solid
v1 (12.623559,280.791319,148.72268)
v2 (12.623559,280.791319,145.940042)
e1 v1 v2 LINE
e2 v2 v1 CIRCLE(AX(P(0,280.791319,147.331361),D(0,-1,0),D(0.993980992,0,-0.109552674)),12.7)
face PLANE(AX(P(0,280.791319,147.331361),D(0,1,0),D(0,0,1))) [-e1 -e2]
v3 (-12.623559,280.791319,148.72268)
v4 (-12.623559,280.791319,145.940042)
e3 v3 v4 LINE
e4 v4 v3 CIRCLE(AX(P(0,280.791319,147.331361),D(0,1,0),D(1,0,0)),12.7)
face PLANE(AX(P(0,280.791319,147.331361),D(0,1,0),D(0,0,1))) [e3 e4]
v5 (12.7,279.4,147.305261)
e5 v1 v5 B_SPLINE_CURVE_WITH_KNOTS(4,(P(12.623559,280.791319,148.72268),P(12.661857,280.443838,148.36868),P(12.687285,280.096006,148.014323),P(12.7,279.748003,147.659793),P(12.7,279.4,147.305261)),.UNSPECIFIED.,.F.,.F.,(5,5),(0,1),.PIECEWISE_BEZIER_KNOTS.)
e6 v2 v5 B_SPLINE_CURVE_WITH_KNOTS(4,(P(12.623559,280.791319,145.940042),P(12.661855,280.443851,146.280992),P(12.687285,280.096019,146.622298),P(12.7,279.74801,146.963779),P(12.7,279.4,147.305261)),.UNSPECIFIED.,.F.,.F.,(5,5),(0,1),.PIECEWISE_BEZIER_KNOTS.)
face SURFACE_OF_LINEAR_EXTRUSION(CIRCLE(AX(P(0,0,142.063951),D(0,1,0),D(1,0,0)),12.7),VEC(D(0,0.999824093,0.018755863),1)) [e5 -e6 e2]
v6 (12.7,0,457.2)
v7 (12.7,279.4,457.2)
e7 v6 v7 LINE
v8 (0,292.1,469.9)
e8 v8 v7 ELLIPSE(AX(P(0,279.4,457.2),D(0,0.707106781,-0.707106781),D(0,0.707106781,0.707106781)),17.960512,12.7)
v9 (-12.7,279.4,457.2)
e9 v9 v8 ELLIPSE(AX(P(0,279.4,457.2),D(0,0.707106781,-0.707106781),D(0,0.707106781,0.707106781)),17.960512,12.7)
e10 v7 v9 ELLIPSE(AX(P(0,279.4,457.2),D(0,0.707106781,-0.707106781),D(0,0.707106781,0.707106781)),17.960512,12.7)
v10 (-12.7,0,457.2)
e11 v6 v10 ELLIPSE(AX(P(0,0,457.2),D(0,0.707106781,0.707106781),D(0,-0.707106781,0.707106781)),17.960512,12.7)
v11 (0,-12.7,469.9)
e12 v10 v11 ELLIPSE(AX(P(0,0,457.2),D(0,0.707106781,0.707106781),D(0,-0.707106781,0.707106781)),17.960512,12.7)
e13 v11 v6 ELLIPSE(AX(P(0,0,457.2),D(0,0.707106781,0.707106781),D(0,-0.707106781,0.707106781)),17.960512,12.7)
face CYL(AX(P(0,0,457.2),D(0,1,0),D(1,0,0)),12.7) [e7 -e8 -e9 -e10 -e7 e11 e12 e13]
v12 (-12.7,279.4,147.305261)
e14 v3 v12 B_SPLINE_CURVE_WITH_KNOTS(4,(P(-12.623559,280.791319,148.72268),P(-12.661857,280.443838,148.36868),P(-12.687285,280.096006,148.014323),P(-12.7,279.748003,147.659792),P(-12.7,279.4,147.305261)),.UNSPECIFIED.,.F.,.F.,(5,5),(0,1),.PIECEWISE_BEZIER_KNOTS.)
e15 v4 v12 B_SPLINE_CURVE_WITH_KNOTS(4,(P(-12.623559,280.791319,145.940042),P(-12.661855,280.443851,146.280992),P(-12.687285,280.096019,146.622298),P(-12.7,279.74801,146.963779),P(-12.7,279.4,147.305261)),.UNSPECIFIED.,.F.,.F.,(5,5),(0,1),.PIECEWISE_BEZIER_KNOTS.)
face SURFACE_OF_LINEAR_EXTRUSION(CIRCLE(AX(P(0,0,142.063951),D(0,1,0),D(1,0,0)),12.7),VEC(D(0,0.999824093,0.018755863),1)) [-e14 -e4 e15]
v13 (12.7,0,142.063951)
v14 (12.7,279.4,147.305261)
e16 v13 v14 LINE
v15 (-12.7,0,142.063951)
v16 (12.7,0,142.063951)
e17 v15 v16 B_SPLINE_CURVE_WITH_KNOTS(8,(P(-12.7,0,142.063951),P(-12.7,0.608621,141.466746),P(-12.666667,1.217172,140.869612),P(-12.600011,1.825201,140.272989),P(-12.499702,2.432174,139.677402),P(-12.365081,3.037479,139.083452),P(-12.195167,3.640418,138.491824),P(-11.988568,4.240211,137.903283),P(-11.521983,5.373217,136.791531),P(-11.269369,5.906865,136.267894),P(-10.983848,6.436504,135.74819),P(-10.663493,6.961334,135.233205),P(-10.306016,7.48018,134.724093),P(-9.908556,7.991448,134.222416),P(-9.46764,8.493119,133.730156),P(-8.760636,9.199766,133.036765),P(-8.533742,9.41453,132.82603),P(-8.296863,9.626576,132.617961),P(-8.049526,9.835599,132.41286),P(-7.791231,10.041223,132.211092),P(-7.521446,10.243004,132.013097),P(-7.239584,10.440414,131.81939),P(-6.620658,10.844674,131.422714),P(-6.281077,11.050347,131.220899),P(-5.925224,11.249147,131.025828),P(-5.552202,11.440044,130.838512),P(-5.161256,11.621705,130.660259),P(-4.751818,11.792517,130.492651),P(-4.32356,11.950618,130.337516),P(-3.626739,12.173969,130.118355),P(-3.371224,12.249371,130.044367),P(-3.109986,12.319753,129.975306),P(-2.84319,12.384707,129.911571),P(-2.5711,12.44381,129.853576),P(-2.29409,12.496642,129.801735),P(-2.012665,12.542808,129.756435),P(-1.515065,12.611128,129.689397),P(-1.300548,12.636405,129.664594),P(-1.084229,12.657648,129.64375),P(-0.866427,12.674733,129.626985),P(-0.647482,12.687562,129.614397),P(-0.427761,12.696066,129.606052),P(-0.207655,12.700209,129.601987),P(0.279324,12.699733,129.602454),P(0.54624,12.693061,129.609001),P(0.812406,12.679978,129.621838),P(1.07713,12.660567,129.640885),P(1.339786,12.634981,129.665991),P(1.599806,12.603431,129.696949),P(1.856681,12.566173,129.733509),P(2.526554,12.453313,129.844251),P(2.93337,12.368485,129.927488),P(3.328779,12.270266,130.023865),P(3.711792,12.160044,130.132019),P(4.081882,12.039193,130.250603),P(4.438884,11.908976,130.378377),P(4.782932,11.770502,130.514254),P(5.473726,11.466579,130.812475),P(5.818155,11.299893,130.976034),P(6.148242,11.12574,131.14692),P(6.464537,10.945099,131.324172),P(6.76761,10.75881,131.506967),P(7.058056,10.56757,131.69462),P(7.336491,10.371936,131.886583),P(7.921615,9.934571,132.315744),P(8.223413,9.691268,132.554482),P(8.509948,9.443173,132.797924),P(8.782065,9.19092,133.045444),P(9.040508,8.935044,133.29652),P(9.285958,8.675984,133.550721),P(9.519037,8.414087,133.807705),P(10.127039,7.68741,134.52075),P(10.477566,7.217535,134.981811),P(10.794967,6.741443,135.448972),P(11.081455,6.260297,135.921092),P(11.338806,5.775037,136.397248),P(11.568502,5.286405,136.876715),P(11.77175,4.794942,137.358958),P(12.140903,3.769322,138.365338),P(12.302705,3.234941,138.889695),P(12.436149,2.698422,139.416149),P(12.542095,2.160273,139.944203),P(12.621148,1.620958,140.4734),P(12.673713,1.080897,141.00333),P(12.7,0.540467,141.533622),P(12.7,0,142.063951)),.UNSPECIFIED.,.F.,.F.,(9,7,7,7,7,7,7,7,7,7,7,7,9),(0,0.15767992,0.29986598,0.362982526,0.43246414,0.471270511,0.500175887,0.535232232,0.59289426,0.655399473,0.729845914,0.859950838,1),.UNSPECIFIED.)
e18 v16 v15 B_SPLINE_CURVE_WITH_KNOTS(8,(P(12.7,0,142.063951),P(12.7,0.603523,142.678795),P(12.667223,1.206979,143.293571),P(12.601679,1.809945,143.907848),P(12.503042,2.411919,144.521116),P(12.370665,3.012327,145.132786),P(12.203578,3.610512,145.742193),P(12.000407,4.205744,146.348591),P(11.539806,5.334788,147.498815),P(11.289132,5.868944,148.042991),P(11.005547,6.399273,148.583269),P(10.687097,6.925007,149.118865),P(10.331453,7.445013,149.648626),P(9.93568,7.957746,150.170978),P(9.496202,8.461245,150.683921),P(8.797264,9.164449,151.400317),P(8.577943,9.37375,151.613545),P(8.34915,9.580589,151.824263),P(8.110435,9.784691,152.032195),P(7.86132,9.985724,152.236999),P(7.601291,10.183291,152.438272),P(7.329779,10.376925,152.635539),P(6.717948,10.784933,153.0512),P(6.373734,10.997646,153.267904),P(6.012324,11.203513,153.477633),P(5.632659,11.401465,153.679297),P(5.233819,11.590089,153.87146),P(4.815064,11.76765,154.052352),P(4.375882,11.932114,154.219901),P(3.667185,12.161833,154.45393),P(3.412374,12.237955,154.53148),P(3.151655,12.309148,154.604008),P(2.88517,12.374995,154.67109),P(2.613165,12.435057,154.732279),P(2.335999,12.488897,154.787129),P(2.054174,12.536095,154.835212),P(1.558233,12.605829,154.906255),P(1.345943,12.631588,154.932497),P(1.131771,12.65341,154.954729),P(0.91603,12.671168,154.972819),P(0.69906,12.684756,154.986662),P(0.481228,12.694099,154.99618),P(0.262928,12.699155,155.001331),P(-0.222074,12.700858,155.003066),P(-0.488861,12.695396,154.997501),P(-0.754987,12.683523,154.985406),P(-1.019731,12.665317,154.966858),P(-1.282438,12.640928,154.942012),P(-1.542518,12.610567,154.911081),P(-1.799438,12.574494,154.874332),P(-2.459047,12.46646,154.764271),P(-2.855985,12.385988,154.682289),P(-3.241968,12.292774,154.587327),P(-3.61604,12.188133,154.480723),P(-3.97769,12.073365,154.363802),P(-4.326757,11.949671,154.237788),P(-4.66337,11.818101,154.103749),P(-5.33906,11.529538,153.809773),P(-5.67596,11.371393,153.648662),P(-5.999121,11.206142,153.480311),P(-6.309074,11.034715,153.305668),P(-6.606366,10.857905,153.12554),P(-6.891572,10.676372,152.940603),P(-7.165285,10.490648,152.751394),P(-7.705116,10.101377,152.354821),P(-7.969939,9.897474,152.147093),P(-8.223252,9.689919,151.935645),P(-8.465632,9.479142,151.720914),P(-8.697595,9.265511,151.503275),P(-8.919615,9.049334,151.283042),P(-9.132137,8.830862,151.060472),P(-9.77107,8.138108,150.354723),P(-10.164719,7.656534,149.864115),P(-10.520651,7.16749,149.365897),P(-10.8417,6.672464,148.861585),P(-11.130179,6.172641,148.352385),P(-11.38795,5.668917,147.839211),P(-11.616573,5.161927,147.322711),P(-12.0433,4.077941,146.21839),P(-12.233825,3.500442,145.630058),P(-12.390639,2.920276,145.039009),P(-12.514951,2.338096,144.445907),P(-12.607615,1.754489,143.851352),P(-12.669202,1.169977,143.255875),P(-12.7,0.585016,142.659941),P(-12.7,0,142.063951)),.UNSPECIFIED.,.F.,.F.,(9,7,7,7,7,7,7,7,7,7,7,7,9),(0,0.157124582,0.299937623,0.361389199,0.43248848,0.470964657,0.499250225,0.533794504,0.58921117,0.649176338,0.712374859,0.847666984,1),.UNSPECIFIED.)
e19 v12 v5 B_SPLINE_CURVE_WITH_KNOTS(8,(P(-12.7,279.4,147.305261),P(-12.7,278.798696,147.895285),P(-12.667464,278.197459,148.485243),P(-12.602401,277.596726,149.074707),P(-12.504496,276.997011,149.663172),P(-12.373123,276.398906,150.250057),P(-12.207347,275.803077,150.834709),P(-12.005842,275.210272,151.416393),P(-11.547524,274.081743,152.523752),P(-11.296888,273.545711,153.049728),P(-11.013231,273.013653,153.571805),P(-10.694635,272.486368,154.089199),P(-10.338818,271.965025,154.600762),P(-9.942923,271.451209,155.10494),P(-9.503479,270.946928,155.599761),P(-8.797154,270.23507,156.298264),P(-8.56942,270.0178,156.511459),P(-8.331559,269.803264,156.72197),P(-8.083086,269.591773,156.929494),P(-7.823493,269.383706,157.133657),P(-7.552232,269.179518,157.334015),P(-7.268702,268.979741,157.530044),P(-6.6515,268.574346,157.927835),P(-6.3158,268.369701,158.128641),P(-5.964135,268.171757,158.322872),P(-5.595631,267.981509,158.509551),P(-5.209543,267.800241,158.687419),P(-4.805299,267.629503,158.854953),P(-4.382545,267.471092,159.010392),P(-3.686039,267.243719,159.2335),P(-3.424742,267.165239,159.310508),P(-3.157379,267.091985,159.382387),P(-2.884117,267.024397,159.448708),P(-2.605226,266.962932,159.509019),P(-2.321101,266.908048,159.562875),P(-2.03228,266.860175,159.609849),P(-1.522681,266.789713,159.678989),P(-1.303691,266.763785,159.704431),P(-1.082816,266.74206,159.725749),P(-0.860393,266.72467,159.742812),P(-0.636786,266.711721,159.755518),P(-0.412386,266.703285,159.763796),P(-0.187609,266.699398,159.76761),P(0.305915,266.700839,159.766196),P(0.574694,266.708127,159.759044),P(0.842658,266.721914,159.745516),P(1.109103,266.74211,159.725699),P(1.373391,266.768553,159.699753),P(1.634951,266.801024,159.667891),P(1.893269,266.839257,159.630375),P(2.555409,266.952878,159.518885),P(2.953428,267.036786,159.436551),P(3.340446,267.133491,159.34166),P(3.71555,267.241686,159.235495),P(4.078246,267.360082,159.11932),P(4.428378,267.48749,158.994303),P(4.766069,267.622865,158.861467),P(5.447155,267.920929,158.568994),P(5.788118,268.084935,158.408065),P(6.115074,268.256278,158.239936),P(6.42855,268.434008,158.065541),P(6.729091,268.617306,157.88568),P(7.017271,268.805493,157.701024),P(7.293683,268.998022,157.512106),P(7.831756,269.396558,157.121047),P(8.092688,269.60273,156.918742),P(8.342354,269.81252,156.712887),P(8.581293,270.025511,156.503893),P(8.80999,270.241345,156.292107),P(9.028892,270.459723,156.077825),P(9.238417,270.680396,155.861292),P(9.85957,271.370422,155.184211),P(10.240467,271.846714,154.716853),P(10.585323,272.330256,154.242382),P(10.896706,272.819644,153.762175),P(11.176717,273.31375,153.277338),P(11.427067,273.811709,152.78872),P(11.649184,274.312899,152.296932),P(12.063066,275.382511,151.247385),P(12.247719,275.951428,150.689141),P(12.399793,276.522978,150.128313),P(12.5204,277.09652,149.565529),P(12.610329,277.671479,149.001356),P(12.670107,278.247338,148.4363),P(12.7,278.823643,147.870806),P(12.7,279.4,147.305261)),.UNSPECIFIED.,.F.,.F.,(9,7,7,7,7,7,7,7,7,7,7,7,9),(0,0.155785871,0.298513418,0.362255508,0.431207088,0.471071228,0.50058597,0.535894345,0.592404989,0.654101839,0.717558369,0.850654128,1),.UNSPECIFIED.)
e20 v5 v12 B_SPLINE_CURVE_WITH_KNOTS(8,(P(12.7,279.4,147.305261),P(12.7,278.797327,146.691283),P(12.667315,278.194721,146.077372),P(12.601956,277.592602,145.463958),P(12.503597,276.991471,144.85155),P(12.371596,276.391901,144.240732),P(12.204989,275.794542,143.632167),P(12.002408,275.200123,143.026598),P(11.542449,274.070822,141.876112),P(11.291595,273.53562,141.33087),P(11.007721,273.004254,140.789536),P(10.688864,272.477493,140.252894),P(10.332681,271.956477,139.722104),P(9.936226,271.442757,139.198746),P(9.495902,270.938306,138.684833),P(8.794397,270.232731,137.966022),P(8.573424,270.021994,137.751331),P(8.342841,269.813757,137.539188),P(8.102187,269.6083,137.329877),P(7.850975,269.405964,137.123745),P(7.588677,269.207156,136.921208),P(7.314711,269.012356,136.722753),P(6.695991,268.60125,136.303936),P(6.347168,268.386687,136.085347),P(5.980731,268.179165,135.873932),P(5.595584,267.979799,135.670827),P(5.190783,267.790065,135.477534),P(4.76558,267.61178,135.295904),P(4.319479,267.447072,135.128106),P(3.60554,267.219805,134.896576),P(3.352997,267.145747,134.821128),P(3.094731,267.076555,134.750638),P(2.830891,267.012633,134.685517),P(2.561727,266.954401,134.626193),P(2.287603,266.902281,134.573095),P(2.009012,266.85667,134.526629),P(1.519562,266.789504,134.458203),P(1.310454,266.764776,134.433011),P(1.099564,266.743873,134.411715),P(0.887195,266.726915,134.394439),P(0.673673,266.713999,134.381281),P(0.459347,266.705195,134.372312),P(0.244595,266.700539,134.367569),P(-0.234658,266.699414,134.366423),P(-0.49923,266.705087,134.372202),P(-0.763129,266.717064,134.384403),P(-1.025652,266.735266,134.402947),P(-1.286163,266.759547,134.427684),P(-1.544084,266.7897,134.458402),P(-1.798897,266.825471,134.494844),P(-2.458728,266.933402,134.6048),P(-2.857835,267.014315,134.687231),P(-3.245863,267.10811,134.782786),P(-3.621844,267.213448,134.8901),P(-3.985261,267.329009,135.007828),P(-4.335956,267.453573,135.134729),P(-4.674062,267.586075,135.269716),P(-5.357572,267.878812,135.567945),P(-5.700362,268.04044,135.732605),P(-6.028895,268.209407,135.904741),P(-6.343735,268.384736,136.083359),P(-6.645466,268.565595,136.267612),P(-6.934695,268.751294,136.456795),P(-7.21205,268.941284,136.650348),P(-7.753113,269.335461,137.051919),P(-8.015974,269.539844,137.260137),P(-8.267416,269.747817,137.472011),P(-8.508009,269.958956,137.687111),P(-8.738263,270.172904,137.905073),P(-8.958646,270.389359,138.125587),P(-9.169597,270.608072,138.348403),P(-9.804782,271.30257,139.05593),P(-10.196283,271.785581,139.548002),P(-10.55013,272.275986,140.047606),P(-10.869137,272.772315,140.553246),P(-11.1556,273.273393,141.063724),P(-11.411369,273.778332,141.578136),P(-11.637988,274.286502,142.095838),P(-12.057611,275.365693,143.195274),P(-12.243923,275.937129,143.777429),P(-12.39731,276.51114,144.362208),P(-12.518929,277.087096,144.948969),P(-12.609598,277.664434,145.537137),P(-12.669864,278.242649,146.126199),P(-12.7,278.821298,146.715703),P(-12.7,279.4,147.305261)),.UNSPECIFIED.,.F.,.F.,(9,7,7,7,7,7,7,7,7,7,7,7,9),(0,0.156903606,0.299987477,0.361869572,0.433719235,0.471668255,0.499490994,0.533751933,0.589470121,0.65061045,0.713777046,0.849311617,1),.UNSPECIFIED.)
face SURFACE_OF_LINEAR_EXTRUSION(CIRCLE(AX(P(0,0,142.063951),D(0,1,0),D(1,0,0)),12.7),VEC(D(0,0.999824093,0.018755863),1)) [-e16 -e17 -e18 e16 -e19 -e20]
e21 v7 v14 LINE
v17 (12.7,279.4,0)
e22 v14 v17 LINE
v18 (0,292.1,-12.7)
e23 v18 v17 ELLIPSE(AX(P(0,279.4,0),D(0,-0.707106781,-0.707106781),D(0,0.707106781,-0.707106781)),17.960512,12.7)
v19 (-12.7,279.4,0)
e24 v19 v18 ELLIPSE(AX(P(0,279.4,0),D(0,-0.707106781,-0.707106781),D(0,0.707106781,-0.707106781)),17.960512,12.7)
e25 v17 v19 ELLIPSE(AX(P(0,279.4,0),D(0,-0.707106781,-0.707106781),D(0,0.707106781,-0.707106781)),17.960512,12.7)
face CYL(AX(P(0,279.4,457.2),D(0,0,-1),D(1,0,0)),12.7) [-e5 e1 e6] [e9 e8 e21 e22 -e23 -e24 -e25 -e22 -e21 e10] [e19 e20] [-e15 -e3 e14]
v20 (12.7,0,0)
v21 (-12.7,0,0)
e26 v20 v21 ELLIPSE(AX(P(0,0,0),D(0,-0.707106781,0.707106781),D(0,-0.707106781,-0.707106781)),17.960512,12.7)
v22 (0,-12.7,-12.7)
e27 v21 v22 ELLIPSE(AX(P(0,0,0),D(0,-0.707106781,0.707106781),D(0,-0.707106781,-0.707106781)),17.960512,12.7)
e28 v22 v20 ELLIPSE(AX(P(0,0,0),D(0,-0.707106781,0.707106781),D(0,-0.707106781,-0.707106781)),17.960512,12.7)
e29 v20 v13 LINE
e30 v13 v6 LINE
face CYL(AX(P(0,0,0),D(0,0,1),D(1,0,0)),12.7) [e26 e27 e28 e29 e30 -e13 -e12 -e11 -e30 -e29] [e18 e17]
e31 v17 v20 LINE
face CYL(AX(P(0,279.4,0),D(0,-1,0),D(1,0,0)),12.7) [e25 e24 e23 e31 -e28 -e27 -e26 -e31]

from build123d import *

# Parameters (mm, degrees)
SKETCH2_R = 12.7
SKETCH5_R = 12.7


with BuildPart() as part:
    # Sweep1: sweep along a path in Sketch3
    with BuildLine(Plane(origin=(0, 0, 0), x_dir=(0, 0, -1), z_dir=(1, 0, 0))) as sweep1_path:
        Line((0, 0), (-457.2, 0))
        Line((-457.2, 0), (-457.2, 279.4))
        Line((-457.2, 279.4), (0, 279.4))
        Line((0, 279.4), (0, 0))
    # Sketch2 → Sweep1 (sweep)
    with BuildSketch(Plane.XY):
        Circle(SKETCH2_R)
    sweep(path=sweep1_path.line, transition=Transition.RIGHT)

    # Sweep2: sweep along a path in Sketch4
    with BuildLine(Plane(origin=(0, 0, 0), x_dir=(0, 0, -1), z_dir=(1, 0, 0))) as sweep2_path:
        Line((-142.063950703, 0), (-147.331360877, 280.791318963))
    # Sketch5 → Sweep2 (sweep)
    with BuildSketch(Plane(origin=(0, 0, 0), x_dir=(1, 0, 0), z_dir=(0, 1, 0))):
        with Locations((0, -142.063950703)):
            Circle(SKETCH5_R)
    sweep(path=sweep2_path.line)


solid = part.part
